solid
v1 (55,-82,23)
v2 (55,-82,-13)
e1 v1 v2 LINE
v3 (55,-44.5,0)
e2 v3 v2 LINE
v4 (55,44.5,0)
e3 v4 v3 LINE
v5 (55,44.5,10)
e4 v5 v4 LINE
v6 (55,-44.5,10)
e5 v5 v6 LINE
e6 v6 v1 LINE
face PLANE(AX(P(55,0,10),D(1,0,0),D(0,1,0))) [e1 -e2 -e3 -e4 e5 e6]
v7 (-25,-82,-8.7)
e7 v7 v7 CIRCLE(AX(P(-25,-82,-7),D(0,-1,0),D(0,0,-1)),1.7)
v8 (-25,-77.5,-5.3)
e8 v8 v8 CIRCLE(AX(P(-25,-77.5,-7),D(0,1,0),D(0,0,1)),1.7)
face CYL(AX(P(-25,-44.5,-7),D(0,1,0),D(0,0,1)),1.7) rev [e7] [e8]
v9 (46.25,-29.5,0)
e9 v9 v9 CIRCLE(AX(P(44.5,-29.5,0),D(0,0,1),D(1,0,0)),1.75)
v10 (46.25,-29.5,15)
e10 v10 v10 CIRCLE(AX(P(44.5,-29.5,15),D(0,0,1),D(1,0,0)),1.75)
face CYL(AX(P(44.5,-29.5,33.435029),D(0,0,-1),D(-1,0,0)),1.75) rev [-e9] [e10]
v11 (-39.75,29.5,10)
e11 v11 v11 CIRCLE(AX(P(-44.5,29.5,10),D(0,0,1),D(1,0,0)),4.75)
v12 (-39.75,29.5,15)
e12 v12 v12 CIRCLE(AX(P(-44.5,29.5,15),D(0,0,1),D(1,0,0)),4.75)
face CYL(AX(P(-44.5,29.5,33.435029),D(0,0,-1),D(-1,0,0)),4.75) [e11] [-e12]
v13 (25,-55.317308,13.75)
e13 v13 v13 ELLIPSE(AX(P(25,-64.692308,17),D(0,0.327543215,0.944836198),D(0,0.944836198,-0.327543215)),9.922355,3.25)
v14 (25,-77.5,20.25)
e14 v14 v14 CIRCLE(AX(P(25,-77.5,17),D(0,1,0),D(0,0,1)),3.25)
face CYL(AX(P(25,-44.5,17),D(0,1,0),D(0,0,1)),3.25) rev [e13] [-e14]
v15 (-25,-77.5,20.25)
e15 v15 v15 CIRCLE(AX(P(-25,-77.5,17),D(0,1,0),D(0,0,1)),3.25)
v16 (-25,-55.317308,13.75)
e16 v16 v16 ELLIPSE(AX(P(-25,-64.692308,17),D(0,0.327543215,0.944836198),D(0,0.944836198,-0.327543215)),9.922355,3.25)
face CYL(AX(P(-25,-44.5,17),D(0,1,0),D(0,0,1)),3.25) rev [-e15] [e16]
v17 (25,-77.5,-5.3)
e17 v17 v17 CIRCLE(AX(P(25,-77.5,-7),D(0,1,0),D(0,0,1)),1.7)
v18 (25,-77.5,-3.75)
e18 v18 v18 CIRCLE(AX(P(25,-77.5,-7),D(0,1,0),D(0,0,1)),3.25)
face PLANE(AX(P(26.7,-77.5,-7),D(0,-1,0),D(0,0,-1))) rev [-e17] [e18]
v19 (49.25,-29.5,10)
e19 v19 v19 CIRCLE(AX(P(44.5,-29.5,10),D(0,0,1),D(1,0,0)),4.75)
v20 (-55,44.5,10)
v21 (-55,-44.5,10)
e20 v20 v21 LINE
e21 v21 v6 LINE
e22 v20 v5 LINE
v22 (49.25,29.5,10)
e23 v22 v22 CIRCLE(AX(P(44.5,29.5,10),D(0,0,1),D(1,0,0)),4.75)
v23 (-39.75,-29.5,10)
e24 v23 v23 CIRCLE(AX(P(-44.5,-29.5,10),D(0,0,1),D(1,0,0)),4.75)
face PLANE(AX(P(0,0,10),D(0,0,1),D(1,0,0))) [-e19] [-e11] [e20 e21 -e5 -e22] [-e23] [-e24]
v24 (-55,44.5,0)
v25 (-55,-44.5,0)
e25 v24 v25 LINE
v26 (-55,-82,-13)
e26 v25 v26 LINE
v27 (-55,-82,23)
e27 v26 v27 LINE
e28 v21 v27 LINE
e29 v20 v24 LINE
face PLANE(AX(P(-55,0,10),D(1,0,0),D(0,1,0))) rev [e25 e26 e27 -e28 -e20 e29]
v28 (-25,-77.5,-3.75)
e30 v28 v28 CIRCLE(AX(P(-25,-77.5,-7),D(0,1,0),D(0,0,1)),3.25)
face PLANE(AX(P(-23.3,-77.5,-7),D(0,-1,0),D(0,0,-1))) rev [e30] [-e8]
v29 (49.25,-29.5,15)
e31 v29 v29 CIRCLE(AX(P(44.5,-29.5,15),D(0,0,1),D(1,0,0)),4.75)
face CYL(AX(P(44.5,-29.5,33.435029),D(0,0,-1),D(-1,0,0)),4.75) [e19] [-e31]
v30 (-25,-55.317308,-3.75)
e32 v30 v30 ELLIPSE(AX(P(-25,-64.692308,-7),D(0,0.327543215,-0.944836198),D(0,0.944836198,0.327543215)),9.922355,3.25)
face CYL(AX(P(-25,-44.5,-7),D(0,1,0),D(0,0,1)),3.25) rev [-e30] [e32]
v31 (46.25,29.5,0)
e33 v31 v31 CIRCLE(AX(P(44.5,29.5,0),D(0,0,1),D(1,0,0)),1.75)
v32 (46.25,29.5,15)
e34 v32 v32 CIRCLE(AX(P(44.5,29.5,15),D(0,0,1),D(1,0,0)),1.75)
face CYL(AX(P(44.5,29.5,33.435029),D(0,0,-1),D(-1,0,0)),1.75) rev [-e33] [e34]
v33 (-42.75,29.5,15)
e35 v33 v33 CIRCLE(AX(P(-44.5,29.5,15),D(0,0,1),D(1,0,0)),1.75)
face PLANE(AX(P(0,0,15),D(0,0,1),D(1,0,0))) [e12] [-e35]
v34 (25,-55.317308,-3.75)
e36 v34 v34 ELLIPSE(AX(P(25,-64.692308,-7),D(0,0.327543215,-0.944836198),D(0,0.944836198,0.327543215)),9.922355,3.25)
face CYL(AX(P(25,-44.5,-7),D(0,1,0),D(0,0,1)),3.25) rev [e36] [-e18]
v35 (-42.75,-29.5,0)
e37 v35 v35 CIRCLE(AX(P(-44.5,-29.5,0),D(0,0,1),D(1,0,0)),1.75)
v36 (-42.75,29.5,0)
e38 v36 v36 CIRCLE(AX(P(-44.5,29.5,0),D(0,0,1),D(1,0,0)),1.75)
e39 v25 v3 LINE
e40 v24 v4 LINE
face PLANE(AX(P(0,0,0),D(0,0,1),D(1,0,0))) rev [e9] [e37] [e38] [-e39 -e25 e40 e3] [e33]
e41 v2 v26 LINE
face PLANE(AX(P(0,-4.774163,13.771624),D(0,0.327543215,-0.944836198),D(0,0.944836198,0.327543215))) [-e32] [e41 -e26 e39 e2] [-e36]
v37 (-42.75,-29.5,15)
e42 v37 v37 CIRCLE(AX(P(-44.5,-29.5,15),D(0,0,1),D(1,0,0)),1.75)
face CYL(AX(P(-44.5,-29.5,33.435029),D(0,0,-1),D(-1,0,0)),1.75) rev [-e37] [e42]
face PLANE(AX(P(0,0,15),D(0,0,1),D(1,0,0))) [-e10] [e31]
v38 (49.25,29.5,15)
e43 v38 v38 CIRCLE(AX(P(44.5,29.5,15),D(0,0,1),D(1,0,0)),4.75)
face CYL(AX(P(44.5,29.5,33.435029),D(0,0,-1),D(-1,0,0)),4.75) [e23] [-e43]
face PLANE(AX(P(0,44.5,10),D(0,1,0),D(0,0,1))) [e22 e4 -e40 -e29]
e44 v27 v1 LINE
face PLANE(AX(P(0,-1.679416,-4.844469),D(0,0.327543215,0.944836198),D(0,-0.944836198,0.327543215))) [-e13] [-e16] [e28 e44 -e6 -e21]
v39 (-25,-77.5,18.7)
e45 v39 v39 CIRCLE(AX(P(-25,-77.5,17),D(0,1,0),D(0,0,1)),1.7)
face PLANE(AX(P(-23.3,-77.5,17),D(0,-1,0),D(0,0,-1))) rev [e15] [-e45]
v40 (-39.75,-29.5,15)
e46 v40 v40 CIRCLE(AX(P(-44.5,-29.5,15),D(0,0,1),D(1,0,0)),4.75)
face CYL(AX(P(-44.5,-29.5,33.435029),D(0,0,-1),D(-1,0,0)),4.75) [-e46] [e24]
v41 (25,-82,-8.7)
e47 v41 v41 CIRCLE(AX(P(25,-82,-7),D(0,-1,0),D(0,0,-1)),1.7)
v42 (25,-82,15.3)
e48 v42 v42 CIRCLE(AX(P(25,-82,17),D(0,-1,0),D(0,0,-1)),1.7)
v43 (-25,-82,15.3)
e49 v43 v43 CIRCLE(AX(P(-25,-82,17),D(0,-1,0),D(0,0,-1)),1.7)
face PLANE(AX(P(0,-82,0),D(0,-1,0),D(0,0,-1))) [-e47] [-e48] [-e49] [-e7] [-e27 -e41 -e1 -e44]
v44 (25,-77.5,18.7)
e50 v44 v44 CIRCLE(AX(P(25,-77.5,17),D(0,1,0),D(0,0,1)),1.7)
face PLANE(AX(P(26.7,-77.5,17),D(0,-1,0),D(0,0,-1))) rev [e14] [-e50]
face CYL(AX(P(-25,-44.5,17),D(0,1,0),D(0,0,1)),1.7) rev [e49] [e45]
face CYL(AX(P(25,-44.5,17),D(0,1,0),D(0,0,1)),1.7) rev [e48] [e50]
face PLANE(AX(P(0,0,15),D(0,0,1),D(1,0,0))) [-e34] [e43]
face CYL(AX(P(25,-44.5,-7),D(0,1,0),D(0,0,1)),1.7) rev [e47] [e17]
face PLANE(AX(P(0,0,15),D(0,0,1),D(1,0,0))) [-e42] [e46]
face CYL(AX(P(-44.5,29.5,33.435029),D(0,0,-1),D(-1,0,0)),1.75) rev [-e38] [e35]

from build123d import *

# Parameters (mm, degrees)
SKETCH1_W                      = 110
SKETCH1_H                      = 89
SKETCH1_R                      = 4.75
BOSS_EXTRUDE1_DEPTH            = 10
SKETCH1_3_R                    = 4.75
SKETCH1_3_R_2                  = 1.75
BOSS_EXTRUDE2_DEPTH            = 15
SKETCH2_W                      = 110
SKETCH2_H                      = 36
CBORE_FOR_M3_SHCS1_D           = 3.4
CBORE_FOR_M3_SHCS1_CBORE_D     = 6.5
CBORE_FOR_M3_SHCS1_CBORE_DEPTH = 33


with BuildPart() as part:
    # Sketch1 → Boss-Extrude1 (new body)
    with BuildSketch(Plane.XY):
        Rectangle(SKETCH1_W, SKETCH1_H)
        with Locations((44.5, 29.5)):
            Circle(SKETCH1_R, mode=Mode.SUBTRACT)
        with Locations((44.5, -29.5)):
            Circle(SKETCH1_R, mode=Mode.SUBTRACT)
        with Locations((-44.5, -29.5)):
            Circle(SKETCH1_R, mode=Mode.SUBTRACT)
        with Locations((-44.5, 29.5)):
            Circle(SKETCH1_R, mode=Mode.SUBTRACT)
    extrude(amount=BOSS_EXTRUDE1_DEPTH)

    # Sketch1<3> → Boss-Extrude2 (add)
    with BuildSketch(Plane.XY):
        with Locations((-44.5, 29.5)):
            Circle(SKETCH1_3_R)
        with Locations((-44.5, 29.5)):
            Circle(SKETCH1_3_R_2, mode=Mode.SUBTRACT)
        with Locations((44.5, 29.5)):
            Circle(SKETCH1_3_R)
        with Locations((44.5, 29.5)):
            Circle(SKETCH1_3_R_2, mode=Mode.SUBTRACT)
        with Locations((44.5, -29.5)):
            Circle(SKETCH1_3_R)
        with Locations((44.5, -29.5)):
            Circle(SKETCH1_3_R_2, mode=Mode.SUBTRACT)
        with Locations((-44.5, -29.5)):
            Circle(SKETCH1_3_R)
        with Locations((-44.5, -29.5)):
            Circle(SKETCH1_3_R_2, mode=Mode.SUBTRACT)
    extrude(amount=BOSS_EXTRUDE2_DEPTH)

    # Sketch2 → section 1 of loft1
    with BuildSketch(Plane(origin=(0, -82, 0), x_dir=(1, 0, 0), z_dir=(0, 1, 0)), mode=Mode.PRIVATE) as loft1_s1:
        with Locations((0, -5)):
            Rectangle(SKETCH2_W, SKETCH2_H)
    # loft from a face of the part (loft1)
    loft([part.faces().sort_by_distance((0, -44.5, 5))[0], loft1_s1.sketch])

    # CBORE for M3 SHCS1 (through all)
    with Locations(Plane(origin=(0, -44.5, 0), x_dir=(1, 0, 0), z_dir=(0, 1, 0))):
        with Locations((-25, 7), (25, 7), (25, -17), (-25, -17)):
            CounterBoreHole(CBORE_FOR_M3_SHCS1_D / 2, CBORE_FOR_M3_SHCS1_CBORE_D / 2, CBORE_FOR_M3_SHCS1_CBORE_DEPTH)


solid = part.part
